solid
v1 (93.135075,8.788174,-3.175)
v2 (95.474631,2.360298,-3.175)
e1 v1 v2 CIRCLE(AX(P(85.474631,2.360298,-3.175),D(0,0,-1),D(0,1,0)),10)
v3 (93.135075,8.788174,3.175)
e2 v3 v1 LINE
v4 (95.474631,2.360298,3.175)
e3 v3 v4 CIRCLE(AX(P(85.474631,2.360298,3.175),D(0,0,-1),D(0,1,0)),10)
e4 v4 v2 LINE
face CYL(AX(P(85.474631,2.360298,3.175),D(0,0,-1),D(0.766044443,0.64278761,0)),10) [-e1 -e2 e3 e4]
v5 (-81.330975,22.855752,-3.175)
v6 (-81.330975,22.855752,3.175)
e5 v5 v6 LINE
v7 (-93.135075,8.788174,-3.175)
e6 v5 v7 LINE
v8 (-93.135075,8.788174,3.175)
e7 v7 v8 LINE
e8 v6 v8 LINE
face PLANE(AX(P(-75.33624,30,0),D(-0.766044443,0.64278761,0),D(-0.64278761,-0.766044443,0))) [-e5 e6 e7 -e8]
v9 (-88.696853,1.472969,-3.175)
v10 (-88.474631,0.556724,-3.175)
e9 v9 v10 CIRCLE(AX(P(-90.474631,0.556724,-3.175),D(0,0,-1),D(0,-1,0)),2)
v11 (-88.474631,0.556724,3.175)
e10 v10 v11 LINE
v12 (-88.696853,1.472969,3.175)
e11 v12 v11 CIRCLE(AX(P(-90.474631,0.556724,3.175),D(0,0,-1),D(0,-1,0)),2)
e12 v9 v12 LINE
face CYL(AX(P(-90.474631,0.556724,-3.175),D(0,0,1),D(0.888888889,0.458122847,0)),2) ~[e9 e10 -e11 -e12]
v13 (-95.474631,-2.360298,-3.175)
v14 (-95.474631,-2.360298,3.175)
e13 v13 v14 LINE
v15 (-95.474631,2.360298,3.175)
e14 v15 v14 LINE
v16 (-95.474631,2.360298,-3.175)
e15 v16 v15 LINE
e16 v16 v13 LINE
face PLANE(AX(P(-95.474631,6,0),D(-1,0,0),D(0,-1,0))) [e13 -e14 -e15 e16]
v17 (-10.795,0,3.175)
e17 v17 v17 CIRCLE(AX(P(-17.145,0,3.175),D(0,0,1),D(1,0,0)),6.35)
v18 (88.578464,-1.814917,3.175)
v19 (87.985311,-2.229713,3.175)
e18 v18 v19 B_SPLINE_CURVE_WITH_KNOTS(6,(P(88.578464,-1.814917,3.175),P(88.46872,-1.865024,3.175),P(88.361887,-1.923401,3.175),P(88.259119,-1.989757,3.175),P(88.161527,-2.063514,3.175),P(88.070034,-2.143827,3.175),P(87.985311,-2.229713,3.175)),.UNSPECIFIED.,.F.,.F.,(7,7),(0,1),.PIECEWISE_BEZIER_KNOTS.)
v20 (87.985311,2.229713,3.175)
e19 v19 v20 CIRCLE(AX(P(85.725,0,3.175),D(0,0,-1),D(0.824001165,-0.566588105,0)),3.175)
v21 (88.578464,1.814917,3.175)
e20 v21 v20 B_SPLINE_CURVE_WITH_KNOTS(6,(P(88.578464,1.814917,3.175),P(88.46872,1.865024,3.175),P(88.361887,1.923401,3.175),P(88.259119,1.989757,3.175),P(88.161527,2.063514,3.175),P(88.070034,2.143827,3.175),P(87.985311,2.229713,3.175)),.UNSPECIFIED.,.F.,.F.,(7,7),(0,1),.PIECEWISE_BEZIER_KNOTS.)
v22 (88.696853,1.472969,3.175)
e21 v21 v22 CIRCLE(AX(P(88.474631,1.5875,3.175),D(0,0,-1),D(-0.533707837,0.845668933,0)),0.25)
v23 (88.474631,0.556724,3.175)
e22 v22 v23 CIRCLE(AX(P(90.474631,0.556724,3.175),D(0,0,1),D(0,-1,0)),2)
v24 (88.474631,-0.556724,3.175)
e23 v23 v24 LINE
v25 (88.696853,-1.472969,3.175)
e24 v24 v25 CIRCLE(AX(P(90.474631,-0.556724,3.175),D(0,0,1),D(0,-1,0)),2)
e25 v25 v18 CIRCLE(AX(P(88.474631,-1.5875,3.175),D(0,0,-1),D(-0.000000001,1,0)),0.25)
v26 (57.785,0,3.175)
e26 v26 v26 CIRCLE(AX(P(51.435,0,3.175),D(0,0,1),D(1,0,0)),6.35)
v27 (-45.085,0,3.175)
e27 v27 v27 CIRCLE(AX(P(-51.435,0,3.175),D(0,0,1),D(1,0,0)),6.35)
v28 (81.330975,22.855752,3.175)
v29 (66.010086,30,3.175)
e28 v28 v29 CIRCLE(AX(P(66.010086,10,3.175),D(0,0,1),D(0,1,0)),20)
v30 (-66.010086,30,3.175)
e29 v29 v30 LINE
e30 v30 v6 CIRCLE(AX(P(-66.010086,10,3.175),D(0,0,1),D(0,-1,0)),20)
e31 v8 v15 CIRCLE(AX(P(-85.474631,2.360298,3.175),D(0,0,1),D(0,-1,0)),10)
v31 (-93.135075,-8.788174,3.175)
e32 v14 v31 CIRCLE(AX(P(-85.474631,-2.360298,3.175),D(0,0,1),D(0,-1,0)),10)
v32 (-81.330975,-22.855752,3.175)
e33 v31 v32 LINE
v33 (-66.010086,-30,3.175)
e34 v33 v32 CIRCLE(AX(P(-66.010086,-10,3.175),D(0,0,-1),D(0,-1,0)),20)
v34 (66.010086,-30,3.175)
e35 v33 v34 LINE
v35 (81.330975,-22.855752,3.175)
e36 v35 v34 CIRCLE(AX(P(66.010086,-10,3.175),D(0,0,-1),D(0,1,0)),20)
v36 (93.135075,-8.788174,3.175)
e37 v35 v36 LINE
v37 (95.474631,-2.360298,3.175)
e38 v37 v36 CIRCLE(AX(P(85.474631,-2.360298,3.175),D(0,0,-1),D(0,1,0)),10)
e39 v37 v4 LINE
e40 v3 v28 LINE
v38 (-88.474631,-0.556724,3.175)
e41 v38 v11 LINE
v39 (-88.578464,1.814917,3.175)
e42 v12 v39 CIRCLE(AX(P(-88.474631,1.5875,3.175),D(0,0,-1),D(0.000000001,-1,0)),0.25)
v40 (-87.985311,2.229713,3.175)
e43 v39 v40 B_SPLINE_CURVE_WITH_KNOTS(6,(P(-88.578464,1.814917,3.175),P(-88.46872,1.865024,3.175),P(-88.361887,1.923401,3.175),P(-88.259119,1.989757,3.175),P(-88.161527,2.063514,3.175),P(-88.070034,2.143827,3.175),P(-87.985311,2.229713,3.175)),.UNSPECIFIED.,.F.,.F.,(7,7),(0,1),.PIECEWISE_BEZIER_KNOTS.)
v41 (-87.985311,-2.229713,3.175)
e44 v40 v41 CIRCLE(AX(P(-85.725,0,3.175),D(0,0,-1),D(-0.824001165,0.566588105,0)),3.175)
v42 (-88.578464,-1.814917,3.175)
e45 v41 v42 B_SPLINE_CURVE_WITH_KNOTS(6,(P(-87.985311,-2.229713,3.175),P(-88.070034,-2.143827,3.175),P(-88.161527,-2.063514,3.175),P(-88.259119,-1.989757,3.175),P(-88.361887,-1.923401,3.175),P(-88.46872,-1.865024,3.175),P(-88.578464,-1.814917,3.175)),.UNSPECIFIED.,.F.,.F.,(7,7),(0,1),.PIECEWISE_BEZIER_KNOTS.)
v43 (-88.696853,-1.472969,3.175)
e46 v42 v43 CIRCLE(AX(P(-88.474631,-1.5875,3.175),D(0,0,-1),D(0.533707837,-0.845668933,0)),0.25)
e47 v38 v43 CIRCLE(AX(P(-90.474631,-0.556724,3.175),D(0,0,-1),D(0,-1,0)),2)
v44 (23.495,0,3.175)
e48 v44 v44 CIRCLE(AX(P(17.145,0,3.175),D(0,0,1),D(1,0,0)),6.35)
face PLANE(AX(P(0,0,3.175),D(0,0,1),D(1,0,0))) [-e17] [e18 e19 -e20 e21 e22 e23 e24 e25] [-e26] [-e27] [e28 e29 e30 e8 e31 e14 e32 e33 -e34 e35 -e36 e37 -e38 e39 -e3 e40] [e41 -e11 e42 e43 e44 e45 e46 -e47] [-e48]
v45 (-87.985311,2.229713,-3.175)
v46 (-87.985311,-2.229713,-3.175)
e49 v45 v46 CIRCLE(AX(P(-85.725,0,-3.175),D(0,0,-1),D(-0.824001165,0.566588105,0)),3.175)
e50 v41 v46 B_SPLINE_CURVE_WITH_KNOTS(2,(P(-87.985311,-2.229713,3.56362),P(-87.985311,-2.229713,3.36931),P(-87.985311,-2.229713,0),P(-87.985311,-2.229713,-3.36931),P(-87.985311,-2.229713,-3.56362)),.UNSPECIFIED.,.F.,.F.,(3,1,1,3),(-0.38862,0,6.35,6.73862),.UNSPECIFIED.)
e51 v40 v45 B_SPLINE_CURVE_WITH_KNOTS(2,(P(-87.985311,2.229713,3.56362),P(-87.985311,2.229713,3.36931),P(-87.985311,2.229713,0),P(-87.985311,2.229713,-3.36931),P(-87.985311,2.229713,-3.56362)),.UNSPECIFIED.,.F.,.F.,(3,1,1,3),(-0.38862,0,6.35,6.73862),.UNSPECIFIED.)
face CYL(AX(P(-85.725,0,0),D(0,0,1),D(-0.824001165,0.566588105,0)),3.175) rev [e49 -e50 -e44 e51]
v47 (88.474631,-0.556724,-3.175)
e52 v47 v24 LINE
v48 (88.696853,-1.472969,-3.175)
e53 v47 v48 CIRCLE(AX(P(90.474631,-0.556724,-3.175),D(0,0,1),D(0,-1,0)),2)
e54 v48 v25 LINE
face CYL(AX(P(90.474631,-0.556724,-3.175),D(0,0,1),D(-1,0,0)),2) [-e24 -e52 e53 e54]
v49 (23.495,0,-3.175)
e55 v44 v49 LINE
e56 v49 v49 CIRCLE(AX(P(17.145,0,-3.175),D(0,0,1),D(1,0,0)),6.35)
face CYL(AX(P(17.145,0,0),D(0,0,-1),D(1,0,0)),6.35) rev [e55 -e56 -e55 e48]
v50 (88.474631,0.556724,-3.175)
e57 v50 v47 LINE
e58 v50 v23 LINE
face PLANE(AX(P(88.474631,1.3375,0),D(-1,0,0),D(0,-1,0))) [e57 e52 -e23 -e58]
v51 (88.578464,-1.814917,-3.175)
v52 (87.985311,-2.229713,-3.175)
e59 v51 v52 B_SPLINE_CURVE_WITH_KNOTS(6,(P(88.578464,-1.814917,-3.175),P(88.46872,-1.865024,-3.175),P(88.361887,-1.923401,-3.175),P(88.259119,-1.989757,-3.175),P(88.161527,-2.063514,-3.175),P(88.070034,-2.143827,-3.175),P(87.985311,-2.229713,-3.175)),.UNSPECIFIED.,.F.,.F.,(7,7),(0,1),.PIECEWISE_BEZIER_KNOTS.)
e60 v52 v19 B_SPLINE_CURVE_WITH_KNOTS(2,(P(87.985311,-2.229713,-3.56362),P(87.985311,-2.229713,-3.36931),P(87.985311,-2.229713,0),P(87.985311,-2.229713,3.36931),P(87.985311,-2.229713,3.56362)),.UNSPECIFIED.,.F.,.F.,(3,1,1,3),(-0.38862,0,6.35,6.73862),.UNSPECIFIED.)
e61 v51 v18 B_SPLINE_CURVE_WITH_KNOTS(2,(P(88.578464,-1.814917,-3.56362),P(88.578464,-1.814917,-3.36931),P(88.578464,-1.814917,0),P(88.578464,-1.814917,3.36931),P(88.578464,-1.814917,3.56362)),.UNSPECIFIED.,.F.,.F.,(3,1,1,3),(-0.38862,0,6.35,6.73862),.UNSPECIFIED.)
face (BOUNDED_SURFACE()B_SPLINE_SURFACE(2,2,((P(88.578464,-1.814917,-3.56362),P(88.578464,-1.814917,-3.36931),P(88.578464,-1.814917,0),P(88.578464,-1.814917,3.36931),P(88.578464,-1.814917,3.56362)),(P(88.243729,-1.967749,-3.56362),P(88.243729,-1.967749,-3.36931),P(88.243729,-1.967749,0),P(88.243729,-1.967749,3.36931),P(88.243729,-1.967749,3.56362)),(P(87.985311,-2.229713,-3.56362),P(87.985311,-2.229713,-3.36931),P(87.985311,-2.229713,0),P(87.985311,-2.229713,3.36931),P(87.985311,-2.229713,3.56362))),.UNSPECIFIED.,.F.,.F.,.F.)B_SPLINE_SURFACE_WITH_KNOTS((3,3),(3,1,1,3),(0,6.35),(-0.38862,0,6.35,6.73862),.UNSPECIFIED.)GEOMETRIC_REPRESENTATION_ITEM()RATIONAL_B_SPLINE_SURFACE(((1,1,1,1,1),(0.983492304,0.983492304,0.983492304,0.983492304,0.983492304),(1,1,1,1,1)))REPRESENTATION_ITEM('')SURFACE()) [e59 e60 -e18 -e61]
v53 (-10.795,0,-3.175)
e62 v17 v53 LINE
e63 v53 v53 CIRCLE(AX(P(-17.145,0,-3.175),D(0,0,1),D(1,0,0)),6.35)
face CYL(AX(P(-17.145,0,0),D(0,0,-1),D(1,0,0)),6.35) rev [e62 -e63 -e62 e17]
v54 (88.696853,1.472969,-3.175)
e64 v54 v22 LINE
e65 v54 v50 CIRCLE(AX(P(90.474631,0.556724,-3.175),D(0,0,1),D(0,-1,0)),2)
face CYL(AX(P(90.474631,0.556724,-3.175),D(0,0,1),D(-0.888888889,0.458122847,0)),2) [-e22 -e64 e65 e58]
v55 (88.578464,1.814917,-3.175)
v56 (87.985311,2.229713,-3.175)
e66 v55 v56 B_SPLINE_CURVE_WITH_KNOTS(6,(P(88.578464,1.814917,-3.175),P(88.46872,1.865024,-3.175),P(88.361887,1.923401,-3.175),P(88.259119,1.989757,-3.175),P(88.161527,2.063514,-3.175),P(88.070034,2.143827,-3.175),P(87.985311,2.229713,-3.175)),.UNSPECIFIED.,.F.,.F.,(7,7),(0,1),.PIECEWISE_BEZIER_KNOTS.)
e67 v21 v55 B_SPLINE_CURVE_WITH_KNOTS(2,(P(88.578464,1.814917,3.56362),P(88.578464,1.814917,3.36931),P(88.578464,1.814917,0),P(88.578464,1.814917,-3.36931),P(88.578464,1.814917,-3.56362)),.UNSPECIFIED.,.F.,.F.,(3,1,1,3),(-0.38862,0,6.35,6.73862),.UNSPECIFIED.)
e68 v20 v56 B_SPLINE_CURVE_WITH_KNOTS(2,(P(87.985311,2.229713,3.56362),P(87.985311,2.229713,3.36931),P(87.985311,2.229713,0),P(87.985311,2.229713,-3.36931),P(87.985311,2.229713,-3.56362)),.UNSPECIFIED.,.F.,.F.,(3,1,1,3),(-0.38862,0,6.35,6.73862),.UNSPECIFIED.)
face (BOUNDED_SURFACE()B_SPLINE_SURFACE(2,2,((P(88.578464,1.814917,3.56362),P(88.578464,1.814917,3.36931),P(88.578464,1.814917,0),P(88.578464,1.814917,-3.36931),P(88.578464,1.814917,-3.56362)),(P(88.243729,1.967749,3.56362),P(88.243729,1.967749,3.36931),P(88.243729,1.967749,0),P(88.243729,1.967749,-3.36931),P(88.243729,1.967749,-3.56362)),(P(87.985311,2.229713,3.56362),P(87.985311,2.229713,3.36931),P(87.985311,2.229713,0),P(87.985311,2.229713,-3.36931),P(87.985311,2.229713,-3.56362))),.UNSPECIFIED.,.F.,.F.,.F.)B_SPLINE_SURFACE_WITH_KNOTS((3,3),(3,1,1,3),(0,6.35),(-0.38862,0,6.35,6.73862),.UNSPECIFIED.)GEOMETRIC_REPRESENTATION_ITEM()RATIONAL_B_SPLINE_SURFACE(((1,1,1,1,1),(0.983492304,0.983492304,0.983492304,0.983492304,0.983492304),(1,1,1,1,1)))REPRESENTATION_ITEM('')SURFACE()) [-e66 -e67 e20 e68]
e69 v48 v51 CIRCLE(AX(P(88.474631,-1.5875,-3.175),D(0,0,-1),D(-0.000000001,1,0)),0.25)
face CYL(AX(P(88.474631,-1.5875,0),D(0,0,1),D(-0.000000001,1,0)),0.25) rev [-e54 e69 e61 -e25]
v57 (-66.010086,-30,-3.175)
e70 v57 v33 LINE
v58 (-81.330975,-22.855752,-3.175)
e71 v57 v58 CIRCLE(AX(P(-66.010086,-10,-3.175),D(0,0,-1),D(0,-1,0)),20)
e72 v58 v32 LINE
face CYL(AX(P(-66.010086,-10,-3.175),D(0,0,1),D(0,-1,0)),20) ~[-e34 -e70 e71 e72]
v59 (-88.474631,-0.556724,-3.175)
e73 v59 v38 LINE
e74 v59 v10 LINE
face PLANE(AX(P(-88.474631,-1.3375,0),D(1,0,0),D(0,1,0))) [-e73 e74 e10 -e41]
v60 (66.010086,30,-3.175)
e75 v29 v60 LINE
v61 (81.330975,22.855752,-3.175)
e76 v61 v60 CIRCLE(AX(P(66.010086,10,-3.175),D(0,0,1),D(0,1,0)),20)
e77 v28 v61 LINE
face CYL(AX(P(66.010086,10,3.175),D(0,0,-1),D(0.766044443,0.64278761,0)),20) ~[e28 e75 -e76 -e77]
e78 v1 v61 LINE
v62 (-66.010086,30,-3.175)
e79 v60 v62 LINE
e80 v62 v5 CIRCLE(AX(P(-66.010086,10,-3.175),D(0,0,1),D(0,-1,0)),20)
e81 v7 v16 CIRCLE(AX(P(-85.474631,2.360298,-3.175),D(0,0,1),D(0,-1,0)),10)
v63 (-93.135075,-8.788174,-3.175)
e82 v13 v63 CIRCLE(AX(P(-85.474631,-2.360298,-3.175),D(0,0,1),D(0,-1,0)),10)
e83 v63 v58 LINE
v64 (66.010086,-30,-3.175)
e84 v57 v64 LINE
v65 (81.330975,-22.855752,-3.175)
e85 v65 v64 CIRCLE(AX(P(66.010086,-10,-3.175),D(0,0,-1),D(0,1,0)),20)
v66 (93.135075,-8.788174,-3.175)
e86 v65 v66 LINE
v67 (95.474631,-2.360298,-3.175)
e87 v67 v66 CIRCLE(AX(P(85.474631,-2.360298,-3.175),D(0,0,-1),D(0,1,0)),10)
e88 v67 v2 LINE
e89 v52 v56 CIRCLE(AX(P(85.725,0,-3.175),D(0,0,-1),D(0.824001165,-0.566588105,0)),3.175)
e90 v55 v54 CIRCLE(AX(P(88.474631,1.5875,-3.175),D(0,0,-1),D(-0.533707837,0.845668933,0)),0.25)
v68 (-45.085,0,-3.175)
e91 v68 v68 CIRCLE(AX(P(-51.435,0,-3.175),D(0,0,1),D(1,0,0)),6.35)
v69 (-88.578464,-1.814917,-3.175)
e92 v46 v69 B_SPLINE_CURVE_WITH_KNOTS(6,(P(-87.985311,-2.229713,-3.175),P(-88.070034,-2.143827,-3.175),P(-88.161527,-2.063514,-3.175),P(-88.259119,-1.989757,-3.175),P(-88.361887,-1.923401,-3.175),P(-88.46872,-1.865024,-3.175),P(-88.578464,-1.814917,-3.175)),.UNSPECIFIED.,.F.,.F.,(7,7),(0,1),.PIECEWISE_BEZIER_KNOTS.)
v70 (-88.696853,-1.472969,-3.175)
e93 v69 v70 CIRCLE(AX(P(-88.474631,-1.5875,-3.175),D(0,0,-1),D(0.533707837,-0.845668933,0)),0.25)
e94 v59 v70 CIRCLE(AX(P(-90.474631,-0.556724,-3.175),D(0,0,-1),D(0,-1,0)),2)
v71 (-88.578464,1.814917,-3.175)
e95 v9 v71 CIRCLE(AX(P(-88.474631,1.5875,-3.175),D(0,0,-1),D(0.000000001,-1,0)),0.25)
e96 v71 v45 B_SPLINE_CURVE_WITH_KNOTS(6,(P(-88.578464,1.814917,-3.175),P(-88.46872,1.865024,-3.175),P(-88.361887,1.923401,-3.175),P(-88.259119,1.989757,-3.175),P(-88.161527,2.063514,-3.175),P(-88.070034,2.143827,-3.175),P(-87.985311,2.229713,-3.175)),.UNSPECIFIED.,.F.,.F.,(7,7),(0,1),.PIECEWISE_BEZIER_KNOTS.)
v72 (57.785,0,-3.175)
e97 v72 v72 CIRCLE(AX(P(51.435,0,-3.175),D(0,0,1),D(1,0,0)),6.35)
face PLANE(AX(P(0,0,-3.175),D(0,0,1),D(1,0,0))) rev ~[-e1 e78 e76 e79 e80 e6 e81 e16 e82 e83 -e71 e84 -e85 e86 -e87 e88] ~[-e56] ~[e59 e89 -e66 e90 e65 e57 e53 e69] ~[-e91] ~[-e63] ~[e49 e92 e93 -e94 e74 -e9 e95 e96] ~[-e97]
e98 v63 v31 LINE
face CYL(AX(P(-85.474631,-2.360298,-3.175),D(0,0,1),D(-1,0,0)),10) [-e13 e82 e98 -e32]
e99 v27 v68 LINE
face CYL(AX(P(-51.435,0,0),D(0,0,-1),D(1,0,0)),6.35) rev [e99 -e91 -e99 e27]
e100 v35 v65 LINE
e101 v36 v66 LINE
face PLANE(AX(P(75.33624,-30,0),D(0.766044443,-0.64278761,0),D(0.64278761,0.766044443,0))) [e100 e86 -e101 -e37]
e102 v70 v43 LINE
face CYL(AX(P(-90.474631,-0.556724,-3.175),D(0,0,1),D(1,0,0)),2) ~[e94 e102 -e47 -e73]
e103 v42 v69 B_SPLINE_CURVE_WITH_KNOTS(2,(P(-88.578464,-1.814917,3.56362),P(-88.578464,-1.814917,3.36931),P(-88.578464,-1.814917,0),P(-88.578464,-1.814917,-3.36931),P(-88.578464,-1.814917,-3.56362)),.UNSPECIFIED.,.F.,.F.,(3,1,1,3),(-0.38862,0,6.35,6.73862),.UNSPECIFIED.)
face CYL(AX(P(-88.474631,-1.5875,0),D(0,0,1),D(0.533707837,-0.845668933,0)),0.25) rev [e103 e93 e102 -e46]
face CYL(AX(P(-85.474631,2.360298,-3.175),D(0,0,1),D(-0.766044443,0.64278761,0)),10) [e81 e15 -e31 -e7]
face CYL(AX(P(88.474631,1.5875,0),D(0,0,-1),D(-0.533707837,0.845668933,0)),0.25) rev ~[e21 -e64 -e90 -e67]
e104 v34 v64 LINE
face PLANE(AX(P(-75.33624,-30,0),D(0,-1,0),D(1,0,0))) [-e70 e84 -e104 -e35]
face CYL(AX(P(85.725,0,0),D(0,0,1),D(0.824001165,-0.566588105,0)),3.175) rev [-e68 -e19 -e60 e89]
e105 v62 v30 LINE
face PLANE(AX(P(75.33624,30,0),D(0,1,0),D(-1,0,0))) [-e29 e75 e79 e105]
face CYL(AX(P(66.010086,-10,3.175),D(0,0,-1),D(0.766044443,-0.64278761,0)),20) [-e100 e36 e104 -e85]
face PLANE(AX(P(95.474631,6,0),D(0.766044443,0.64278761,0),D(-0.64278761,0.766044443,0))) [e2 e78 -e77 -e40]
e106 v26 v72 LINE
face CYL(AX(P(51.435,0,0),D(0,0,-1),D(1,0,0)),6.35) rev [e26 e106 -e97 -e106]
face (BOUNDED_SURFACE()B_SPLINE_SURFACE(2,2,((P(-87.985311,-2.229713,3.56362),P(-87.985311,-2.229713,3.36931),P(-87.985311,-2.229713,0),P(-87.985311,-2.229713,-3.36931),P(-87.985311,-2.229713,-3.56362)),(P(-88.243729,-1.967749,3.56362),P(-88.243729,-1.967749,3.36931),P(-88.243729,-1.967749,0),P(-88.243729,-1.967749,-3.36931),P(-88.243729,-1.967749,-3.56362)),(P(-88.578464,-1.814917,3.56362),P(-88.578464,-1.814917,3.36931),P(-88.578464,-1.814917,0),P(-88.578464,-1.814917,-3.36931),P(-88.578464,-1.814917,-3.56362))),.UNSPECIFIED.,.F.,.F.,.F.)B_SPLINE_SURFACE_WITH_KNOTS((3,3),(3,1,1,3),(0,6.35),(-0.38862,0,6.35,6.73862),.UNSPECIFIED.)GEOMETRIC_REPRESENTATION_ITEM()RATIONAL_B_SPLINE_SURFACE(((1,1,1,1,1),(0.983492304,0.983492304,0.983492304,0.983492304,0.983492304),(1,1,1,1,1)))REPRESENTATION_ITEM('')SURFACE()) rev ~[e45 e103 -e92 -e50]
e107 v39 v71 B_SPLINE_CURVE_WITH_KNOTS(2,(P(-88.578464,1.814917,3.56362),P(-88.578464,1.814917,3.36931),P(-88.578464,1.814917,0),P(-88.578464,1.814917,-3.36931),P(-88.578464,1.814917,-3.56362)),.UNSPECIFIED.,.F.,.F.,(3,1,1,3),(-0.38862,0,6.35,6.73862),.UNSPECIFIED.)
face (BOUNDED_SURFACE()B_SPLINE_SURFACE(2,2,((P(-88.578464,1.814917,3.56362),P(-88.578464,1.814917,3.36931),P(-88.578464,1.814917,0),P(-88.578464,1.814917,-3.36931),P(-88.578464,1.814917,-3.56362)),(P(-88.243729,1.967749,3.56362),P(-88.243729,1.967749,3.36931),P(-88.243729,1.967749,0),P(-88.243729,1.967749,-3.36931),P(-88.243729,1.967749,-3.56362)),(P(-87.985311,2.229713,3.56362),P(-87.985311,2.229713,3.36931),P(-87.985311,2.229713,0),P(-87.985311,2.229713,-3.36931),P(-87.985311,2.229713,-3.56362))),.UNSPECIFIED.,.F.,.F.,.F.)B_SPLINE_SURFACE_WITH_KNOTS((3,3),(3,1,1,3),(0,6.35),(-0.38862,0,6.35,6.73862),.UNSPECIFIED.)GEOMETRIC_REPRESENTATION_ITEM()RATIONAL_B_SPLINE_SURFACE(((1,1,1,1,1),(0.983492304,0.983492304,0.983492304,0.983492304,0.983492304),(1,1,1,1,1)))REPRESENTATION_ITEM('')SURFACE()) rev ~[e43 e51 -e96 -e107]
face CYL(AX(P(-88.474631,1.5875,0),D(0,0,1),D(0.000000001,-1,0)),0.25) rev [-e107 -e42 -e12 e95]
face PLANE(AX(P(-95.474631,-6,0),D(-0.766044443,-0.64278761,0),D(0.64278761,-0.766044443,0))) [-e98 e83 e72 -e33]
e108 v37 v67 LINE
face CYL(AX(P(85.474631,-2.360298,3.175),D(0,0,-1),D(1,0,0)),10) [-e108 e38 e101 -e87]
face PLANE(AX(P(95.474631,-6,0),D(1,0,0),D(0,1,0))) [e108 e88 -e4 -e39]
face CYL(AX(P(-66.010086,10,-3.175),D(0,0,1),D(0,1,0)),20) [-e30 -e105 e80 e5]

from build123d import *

# Parameters (mm, degrees)
SKETCH1_R           = 6.35
BOSS_EXTRUDE1_DEPTH = 3.175
FILLET1_R           = 2
FILLET2_R           = 10
FILLET3_R           = 20


with BuildPart() as part:
    # Sketch1 → Boss-Extrude1 (new, symmetric)
    with BuildSketch(Plane.XY):
        Polygon((75.336239509, 30), (-75.336239509, 30), (-95.474630657, 6), (-95.474630657, -6), (-75.336239509, -30), (75.336239509, -30), (95.474630657, -6), (95.474630657, 6), align=None)
        with BuildLine():
            Line((-88.474630657, -1.3375), (-88.474630657, 1.3375))
            ThreePointArc((-88.474630657, 1.3375), (-88.714791341, 1.656946712), (-88.341203698, 1.798917233))
            ThreePointArc((-88.341203698, 1.798917233), (-82.55, 0), (-88.341203698, -1.798917233))
            ThreePointArc((-88.341203698, -1.798917233), (-88.714791341, -1.656946712), (-88.474630657, -1.3375))
        make_face(mode=Mode.SUBTRACT)
        with Locations((-51.435, 0)):
            Circle(SKETCH1_R, mode=Mode.SUBTRACT)
        with Locations((-17.145, 0)):
            Circle(SKETCH1_R, mode=Mode.SUBTRACT)
        with Locations((17.145, 0)):
            Circle(SKETCH1_R, mode=Mode.SUBTRACT)
        with Locations((51.435, 0)):
            Circle(SKETCH1_R, mode=Mode.SUBTRACT)
        with BuildLine():
            ThreePointArc((88.341203698, 1.798917233), (88.714791341, 1.656946712), (88.474630657, 1.3375))
            Line((88.474630657, 1.3375), (88.474630657, -1.3375))
            ThreePointArc((88.474630657, -1.3375), (88.714791341, -1.656946712), (88.341203698, -1.798917233))
            ThreePointArc((88.341203698, -1.798917233), (82.55, 0), (88.341203698, 1.798917233))
        make_face(mode=Mode.SUBTRACT)
    extrude(amount=BOSS_EXTRUDE1_DEPTH, both=True)

    # Fillet1
    fillet1_edges = [part.edges().sort_by_distance(p)[0] for p in [
        (-88.341203698, 1.798917233, 0),
        (-88.474630657, 1.3375, 0),
        (-88.474630657, -1.3375, 0),
        (-88.341203698, -1.798917233, 0),
        (88.341203698, -1.798917233, 0),
        (88.474630657, -1.3375, 0),
        (88.474630657, 1.3375, 0),
        (88.341203698, 1.798917233, 0),
    ]]
    fillet(fillet1_edges, radius=FILLET1_R)

    # Fillet2
    fillet2_edges = [part.edges().sort_by_distance(p)[0] for p in [
        (95.474630657, 6, 0),
        (95.474630657, -6, 0),
        (-95.474630657, -6, 0),
        (-95.474630657, 6, 0),
    ]]
    fillet(fillet2_edges, radius=FILLET2_R)

    # Fillet3
    fillet3_edges = [part.edges().sort_by_distance(p)[0] for p in [
        (75.336239509, -30, 0),
        (-75.336239509, -30, 0),
        (-75.336239509, 30, 0),
        (75.336239509, 30, 0),
    ]]
    fillet(fillet3_edges, radius=FILLET3_R)


solid = part.part
